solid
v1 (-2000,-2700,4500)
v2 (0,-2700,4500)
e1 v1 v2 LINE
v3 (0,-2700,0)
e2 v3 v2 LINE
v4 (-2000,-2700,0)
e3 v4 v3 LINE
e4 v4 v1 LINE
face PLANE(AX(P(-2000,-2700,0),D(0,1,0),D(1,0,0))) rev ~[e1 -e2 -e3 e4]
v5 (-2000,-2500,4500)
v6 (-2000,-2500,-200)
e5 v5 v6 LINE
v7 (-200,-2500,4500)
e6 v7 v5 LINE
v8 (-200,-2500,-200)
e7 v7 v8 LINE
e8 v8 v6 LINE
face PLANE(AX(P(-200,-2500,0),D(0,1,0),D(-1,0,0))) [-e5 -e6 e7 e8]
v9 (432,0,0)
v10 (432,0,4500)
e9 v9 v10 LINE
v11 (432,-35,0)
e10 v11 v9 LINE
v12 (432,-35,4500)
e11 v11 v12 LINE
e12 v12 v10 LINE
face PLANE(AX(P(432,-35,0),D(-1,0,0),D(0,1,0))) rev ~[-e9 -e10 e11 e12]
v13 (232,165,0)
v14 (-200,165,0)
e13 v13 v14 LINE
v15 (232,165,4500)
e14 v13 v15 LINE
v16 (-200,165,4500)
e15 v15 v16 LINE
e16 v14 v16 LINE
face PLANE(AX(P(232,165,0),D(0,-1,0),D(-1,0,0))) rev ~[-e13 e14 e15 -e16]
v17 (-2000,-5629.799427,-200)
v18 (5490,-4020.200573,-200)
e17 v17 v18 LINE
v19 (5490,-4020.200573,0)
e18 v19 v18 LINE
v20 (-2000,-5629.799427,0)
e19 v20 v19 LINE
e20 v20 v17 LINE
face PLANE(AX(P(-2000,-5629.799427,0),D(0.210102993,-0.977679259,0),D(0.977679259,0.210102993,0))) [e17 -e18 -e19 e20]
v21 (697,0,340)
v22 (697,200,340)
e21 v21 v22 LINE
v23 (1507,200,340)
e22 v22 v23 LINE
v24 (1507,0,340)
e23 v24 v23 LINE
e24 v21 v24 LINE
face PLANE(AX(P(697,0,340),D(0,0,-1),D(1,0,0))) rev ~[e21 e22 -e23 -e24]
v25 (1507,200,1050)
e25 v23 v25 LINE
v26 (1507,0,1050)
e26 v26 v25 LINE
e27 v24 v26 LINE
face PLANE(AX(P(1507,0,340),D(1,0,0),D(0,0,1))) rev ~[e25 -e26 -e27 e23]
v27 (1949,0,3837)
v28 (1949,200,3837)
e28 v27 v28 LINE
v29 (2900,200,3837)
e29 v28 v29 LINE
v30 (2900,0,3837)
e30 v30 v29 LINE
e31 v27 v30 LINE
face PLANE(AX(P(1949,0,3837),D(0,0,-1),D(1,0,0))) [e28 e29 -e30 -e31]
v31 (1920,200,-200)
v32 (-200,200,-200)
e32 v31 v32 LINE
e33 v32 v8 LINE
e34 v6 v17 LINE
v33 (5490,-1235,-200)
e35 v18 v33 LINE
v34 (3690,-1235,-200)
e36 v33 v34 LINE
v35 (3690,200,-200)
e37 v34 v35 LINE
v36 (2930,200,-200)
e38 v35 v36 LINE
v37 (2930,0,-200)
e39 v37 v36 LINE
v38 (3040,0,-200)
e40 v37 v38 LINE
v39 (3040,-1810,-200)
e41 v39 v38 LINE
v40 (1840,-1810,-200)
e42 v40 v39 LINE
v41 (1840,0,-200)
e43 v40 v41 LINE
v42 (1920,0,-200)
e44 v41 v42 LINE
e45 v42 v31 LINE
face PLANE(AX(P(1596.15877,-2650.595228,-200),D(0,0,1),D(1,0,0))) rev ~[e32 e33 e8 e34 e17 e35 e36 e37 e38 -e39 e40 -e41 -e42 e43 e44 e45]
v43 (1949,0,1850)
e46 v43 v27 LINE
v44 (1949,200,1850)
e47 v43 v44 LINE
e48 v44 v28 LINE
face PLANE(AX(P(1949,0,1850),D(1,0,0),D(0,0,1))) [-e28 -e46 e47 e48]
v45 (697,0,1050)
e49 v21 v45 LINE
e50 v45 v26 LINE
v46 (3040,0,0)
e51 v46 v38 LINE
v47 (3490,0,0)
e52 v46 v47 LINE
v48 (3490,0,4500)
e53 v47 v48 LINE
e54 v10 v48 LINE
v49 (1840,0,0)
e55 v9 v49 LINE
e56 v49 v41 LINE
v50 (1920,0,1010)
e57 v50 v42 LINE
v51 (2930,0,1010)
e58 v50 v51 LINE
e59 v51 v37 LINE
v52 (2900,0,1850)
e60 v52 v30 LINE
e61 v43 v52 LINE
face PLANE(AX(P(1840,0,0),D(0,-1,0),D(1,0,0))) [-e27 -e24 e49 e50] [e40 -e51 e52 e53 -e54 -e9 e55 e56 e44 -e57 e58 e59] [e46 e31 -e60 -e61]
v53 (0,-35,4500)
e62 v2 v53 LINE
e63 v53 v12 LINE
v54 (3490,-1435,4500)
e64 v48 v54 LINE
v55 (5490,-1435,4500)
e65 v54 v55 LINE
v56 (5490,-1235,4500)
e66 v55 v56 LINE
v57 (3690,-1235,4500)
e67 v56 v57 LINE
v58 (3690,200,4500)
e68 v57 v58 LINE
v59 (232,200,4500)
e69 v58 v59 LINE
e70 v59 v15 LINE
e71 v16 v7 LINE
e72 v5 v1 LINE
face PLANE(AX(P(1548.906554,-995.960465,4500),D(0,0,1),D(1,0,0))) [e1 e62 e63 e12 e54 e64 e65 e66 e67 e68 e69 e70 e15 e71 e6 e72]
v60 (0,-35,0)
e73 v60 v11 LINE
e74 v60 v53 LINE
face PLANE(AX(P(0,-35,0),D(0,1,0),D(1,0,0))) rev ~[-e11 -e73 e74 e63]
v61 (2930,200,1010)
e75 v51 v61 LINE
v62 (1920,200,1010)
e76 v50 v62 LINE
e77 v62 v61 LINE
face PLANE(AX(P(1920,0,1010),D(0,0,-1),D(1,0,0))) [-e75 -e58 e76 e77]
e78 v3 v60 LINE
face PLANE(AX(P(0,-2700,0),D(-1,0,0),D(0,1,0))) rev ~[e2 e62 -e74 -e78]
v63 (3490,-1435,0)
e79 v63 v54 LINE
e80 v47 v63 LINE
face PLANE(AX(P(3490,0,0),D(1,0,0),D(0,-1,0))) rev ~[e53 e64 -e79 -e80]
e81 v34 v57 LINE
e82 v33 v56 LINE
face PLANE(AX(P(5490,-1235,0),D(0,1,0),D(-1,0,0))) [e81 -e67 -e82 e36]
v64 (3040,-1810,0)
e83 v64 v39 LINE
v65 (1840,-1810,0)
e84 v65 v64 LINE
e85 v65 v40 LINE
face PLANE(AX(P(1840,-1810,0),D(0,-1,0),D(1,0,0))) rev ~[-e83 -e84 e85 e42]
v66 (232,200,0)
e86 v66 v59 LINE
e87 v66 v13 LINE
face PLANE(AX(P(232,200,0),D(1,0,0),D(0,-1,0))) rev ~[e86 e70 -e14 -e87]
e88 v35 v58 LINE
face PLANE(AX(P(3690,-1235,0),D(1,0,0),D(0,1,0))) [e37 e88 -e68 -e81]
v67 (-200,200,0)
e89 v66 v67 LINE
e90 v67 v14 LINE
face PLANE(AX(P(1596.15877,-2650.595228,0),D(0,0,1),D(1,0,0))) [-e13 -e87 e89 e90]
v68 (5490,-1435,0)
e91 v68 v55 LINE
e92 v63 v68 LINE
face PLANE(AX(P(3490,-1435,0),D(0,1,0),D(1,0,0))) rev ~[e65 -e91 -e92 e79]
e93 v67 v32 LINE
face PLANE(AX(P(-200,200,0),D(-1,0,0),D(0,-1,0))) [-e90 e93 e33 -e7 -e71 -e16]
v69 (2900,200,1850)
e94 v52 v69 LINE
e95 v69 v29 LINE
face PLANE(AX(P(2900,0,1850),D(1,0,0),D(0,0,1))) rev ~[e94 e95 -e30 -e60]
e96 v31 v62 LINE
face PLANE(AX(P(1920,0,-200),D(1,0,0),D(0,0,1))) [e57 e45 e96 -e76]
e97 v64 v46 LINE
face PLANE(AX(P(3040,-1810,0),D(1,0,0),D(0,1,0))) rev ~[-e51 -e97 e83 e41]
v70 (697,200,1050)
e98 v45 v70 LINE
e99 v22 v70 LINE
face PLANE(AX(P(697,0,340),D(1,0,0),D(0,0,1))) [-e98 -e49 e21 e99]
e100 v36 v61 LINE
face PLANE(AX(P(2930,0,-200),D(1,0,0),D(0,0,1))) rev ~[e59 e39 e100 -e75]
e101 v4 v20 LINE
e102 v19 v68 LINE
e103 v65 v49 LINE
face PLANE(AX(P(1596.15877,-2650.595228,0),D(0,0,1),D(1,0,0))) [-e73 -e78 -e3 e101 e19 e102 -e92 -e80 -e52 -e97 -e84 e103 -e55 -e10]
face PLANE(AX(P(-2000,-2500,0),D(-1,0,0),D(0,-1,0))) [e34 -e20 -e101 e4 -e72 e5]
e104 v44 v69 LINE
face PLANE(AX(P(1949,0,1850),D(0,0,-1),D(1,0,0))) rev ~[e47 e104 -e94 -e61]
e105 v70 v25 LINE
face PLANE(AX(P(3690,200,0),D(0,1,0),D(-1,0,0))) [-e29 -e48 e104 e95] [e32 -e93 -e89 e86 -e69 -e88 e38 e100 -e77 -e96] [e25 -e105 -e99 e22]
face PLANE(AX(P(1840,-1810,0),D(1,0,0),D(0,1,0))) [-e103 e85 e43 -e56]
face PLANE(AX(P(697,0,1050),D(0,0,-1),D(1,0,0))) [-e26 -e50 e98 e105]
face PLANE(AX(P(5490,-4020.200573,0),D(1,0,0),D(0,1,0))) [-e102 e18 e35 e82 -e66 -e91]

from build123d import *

# Parameters (mm, degrees)
F1_DEPTH = 4500
F3_DEPTH = 200
F4_W     = 951
F4_H     = 1987
F4_W_2   = 1010
F4_H_2   = 1210
F4_W_3   = 810
F4_H_3   = 710
F5_DEPTH = 200
F6_W     = 1200
F6_H     = 1810
F7_DEPTH = 200


with BuildPart() as f1:
    # F0 (on Top) → F1 (new body)
    with BuildSketch(Plane.XY):
        Polygon((-2000, -2500), (-2000, -2700), (0, -2700), (0, -35), (432, -35), (432, 0), (3490, 0), (3490, -1435), (5490, -1435), (5490, -1235), (3690, -1235), (3690, 200), (232, 200), (232, 165), (-200, 165), (-200, -2500), align=None)
    extrude(amount=F1_DEPTH)

    # F2 (on Top) → F3 (join)
    with BuildSketch(Plane.XY):
        Polygon((-2000, -2500), (-2000, -5629.799427), (5490, -4020.200573), (5490, -1235), (3690, -1235), (3690, 200), (-200, 200), (-200, -2500), align=None)
    extrude(amount=-F3_DEPTH)

    # F4 (on face) → F5 (cut, through all)
    with BuildSketch(Plane.XZ):
        with Locations((2424.5, 2843.5)):
            Rectangle(F4_W, F4_H)
        with Locations((2425, 405)):
            Rectangle(F4_W_2, F4_H_2)
        with Locations((1102, 695)):
            Rectangle(F4_W_3, F4_H_3)
    extrude(amount=-F5_DEPTH, mode=Mode.SUBTRACT)

    # F6 (on face) → F7 (cut, through all)
    with BuildSketch(Plane.XY):
        with Locations((2440, -905)):
            Rectangle(F6_W, F6_H)
    extrude(amount=-F7_DEPTH, mode=Mode.SUBTRACT)


solid = f1.part
